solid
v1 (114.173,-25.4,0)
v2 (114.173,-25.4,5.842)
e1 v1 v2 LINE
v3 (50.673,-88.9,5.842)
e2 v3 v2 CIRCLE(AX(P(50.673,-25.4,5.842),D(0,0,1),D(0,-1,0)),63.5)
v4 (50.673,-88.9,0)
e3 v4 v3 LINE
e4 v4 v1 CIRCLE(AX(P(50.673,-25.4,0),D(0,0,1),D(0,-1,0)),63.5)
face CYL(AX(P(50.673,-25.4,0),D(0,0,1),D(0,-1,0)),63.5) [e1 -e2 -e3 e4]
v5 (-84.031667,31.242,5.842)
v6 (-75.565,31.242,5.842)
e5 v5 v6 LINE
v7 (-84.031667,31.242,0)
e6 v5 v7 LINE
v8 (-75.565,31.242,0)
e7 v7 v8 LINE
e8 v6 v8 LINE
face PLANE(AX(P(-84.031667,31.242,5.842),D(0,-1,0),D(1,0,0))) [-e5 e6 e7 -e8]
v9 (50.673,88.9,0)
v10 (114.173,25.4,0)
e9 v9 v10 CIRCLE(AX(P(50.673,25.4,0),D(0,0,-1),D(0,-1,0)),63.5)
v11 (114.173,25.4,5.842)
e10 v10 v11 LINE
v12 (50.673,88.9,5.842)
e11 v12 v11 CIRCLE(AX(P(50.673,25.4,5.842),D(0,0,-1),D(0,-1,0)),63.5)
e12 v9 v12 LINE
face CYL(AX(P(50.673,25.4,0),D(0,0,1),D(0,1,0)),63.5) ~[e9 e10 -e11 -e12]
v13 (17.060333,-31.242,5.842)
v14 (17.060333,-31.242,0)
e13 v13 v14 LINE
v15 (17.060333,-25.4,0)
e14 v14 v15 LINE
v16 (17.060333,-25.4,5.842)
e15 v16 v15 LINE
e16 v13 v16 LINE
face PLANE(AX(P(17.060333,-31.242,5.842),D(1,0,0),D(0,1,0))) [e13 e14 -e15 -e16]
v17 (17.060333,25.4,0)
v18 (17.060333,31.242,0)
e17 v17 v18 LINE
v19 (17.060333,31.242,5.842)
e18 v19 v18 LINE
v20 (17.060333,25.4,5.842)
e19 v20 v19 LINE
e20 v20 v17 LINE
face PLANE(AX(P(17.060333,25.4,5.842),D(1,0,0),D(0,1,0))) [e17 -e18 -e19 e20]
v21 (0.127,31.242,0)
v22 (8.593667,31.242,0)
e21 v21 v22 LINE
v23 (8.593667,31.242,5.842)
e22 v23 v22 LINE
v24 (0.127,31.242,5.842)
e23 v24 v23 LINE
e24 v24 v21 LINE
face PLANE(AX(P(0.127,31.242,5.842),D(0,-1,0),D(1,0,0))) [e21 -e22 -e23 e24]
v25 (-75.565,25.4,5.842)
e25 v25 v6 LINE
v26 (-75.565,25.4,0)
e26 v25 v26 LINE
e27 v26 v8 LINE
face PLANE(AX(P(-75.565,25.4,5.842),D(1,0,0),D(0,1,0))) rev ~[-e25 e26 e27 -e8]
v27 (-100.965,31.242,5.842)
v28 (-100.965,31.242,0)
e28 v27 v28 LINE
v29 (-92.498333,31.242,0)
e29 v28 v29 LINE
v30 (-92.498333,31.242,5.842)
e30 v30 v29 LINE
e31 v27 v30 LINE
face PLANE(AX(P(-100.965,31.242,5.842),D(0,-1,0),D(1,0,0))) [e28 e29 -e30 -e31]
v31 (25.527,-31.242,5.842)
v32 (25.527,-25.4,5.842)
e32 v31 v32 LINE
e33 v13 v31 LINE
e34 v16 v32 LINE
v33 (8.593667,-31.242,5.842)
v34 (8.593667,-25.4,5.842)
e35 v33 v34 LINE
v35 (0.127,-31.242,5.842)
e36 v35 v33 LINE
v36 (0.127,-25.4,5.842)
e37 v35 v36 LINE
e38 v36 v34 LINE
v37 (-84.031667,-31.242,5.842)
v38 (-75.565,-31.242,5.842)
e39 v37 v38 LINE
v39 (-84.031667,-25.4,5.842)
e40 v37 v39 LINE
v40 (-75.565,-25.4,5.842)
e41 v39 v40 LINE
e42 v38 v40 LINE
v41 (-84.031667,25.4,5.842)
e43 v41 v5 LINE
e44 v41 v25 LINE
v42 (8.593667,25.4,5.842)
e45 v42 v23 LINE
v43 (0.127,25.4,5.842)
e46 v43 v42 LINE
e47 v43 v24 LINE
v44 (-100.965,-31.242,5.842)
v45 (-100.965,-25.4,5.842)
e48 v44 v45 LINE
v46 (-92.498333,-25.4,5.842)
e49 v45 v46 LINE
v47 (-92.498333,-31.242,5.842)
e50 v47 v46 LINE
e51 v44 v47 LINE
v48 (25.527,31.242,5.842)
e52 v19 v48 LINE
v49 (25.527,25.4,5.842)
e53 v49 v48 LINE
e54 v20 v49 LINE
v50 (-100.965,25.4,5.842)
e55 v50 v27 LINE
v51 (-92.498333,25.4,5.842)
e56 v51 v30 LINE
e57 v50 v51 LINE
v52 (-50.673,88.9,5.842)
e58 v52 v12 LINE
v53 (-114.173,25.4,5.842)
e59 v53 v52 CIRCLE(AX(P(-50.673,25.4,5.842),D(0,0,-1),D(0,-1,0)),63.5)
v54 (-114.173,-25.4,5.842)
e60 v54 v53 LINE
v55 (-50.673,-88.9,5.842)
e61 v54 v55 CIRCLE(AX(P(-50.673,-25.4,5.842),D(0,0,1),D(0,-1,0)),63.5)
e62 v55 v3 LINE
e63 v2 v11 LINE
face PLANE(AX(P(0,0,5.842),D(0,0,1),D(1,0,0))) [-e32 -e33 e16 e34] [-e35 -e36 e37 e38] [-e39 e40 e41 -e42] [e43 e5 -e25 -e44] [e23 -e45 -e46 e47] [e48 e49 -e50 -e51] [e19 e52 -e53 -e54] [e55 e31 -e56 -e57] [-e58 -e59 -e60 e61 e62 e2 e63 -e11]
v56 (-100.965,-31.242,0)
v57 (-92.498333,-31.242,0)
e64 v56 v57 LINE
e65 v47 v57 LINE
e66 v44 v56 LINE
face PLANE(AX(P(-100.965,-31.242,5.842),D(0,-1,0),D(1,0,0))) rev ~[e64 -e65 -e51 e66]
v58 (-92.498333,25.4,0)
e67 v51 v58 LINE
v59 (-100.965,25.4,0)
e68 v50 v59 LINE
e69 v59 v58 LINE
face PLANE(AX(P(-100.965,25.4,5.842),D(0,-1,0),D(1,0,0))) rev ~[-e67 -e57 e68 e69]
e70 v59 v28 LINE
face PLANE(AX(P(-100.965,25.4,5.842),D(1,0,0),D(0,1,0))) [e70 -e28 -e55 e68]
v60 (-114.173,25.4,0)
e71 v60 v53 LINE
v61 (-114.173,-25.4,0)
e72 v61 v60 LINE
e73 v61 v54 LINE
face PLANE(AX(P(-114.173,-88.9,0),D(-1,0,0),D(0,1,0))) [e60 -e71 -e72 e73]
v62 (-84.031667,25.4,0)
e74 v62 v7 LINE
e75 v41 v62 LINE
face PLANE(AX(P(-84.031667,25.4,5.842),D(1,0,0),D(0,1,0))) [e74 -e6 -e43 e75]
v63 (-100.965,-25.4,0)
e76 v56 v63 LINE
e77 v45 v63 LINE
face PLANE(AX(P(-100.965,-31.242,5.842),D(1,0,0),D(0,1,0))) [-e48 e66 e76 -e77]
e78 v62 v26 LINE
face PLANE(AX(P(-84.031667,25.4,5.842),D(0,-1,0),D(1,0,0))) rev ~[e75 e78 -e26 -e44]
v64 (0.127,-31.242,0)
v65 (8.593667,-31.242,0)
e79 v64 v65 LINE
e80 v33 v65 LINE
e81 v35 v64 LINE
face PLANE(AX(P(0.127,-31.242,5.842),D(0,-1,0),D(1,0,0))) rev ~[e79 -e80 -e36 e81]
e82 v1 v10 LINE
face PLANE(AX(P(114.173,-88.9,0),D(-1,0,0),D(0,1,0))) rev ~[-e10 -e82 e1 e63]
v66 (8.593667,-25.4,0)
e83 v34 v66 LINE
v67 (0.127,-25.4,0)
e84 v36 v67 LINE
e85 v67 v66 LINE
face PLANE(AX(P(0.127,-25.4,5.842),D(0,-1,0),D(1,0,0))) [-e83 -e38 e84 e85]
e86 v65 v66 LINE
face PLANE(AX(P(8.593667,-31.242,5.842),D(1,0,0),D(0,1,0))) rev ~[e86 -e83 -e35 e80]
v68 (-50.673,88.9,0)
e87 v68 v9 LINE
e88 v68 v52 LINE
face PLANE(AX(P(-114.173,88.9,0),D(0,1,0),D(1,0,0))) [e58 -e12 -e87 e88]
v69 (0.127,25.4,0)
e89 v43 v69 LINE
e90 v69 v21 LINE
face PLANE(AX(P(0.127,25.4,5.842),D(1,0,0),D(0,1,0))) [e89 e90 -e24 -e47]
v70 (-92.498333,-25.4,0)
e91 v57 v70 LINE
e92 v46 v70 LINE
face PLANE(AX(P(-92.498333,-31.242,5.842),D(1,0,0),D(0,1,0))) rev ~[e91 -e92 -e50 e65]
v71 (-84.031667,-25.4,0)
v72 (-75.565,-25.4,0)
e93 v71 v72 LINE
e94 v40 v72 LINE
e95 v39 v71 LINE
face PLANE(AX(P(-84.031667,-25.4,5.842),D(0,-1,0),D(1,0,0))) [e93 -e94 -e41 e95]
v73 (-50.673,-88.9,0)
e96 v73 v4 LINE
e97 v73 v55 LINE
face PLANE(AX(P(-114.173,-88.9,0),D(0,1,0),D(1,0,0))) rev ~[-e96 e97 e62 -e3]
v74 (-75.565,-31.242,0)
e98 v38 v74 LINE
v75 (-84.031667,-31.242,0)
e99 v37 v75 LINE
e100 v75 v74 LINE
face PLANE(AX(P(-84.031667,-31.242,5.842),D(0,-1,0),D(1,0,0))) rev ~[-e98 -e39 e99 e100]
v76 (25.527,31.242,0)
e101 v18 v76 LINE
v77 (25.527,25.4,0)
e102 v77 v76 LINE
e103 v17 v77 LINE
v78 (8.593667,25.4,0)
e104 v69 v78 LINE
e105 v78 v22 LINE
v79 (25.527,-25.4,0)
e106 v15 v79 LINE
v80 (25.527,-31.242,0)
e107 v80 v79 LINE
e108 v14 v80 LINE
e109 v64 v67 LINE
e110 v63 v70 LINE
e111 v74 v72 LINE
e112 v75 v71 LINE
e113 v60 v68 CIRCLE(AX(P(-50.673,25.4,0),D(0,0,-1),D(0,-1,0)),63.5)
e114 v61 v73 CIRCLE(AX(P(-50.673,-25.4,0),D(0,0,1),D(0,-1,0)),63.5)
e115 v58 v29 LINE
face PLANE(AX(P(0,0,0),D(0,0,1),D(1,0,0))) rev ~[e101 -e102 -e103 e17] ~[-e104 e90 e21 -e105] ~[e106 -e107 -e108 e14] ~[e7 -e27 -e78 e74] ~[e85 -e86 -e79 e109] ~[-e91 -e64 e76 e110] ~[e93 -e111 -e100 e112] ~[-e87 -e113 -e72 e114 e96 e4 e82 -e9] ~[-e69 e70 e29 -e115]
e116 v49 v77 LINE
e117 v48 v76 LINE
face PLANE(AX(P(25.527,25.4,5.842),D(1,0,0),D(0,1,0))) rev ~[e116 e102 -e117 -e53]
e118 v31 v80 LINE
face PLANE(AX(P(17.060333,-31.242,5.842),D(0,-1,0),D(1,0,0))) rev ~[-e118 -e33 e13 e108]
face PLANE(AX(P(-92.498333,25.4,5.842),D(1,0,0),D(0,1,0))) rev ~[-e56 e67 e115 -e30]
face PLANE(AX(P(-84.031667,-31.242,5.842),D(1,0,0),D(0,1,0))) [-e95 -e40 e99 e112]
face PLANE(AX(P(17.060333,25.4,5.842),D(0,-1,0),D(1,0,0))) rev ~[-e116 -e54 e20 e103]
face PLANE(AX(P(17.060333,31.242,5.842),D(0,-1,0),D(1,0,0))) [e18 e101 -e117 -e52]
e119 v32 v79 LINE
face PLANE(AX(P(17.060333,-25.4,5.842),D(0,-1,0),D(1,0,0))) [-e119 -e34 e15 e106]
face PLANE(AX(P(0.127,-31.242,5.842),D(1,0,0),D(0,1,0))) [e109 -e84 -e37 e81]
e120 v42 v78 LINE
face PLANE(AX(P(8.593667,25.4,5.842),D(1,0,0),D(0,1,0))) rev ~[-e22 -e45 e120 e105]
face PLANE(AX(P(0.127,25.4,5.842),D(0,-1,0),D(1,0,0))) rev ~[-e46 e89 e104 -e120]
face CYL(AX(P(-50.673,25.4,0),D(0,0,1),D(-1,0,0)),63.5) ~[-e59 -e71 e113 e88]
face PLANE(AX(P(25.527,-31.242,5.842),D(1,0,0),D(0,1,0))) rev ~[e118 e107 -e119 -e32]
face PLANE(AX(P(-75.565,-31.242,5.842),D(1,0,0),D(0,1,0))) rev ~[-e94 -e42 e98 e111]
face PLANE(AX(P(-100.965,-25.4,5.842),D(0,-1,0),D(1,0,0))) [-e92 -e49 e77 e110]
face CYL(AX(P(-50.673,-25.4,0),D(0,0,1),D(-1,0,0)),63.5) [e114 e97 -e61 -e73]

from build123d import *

# Parameters (mm, degrees)
SKETCH1_W           = 228.346
SKETCH1_H           = 177.8
BOSS_EXTRUDE1_DEPTH = 5.842
FILLET1_R           = 63.5
FILLET2_R           = 63.5
FILLET3_R           = 63.5
SKETCH2_W           = 8.466666667
SKETCH2_H           = 5.842
CUT_EXTRUDE1_DEPTH  = 145.819932651


with BuildPart() as part:
    # Sketch1 → Boss-Extrude1 (new body)
    with BuildSketch(Plane.XY):
        Rectangle(SKETCH1_W, SKETCH1_H)
    extrude(amount=BOSS_EXTRUDE1_DEPTH)

    # Fillet1
    fillet1_edges = [part.edges().sort_by_distance(p)[0] for p in [
        (-114.173, 88.9, 2.921),
    ]]
    fillet(fillet1_edges, radius=FILLET1_R)

    # Fillet2
    fillet2_edges = [part.edges().sort_by_distance(p)[0] for p in [
        (-114.173, -88.9, 2.921),
    ]]
    fillet(fillet2_edges, radius=FILLET2_R)

    # Fillet3
    fillet3_edges = [part.edges().sort_by_distance(p)[0] for p in [
        (114.173, 88.9, 2.921),
        (114.173, -88.9, 2.921),
    ]]
    fillet(fillet3_edges, radius=FILLET3_R)

    # Sketch2 → Cut-Extrude1 (cut, through all)
    with BuildSketch(Plane.XY.offset(5.842)):
        with Locations((4.360333334, -28.321)):
            Rectangle(SKETCH2_W, SKETCH2_H)
        with Locations((21.293666667, -28.321)):
            Rectangle(SKETCH2_W, SKETCH2_H)
        with Locations((4.360333334, 28.321)):
            Rectangle(SKETCH2_W, SKETCH2_H)
        with Locations((21.293666667, 28.321)):
            Rectangle(SKETCH2_W, SKETCH2_H)
        with Locations((-96.731666667, -28.321)):
            Rectangle(SKETCH2_W, SKETCH2_H)
        with Locations((-79.798333334, -28.321)):
            Rectangle(SKETCH2_W, SKETCH2_H)
        with Locations((-96.731666667, 28.321)):
            Rectangle(SKETCH2_W, SKETCH2_H)
        with Locations((-79.798333334, 28.321)):
            Rectangle(SKETCH2_W, SKETCH2_H)
    extrude(amount=-CUT_EXTRUDE1_DEPTH, mode=Mode.SUBTRACT)


solid = part.part
